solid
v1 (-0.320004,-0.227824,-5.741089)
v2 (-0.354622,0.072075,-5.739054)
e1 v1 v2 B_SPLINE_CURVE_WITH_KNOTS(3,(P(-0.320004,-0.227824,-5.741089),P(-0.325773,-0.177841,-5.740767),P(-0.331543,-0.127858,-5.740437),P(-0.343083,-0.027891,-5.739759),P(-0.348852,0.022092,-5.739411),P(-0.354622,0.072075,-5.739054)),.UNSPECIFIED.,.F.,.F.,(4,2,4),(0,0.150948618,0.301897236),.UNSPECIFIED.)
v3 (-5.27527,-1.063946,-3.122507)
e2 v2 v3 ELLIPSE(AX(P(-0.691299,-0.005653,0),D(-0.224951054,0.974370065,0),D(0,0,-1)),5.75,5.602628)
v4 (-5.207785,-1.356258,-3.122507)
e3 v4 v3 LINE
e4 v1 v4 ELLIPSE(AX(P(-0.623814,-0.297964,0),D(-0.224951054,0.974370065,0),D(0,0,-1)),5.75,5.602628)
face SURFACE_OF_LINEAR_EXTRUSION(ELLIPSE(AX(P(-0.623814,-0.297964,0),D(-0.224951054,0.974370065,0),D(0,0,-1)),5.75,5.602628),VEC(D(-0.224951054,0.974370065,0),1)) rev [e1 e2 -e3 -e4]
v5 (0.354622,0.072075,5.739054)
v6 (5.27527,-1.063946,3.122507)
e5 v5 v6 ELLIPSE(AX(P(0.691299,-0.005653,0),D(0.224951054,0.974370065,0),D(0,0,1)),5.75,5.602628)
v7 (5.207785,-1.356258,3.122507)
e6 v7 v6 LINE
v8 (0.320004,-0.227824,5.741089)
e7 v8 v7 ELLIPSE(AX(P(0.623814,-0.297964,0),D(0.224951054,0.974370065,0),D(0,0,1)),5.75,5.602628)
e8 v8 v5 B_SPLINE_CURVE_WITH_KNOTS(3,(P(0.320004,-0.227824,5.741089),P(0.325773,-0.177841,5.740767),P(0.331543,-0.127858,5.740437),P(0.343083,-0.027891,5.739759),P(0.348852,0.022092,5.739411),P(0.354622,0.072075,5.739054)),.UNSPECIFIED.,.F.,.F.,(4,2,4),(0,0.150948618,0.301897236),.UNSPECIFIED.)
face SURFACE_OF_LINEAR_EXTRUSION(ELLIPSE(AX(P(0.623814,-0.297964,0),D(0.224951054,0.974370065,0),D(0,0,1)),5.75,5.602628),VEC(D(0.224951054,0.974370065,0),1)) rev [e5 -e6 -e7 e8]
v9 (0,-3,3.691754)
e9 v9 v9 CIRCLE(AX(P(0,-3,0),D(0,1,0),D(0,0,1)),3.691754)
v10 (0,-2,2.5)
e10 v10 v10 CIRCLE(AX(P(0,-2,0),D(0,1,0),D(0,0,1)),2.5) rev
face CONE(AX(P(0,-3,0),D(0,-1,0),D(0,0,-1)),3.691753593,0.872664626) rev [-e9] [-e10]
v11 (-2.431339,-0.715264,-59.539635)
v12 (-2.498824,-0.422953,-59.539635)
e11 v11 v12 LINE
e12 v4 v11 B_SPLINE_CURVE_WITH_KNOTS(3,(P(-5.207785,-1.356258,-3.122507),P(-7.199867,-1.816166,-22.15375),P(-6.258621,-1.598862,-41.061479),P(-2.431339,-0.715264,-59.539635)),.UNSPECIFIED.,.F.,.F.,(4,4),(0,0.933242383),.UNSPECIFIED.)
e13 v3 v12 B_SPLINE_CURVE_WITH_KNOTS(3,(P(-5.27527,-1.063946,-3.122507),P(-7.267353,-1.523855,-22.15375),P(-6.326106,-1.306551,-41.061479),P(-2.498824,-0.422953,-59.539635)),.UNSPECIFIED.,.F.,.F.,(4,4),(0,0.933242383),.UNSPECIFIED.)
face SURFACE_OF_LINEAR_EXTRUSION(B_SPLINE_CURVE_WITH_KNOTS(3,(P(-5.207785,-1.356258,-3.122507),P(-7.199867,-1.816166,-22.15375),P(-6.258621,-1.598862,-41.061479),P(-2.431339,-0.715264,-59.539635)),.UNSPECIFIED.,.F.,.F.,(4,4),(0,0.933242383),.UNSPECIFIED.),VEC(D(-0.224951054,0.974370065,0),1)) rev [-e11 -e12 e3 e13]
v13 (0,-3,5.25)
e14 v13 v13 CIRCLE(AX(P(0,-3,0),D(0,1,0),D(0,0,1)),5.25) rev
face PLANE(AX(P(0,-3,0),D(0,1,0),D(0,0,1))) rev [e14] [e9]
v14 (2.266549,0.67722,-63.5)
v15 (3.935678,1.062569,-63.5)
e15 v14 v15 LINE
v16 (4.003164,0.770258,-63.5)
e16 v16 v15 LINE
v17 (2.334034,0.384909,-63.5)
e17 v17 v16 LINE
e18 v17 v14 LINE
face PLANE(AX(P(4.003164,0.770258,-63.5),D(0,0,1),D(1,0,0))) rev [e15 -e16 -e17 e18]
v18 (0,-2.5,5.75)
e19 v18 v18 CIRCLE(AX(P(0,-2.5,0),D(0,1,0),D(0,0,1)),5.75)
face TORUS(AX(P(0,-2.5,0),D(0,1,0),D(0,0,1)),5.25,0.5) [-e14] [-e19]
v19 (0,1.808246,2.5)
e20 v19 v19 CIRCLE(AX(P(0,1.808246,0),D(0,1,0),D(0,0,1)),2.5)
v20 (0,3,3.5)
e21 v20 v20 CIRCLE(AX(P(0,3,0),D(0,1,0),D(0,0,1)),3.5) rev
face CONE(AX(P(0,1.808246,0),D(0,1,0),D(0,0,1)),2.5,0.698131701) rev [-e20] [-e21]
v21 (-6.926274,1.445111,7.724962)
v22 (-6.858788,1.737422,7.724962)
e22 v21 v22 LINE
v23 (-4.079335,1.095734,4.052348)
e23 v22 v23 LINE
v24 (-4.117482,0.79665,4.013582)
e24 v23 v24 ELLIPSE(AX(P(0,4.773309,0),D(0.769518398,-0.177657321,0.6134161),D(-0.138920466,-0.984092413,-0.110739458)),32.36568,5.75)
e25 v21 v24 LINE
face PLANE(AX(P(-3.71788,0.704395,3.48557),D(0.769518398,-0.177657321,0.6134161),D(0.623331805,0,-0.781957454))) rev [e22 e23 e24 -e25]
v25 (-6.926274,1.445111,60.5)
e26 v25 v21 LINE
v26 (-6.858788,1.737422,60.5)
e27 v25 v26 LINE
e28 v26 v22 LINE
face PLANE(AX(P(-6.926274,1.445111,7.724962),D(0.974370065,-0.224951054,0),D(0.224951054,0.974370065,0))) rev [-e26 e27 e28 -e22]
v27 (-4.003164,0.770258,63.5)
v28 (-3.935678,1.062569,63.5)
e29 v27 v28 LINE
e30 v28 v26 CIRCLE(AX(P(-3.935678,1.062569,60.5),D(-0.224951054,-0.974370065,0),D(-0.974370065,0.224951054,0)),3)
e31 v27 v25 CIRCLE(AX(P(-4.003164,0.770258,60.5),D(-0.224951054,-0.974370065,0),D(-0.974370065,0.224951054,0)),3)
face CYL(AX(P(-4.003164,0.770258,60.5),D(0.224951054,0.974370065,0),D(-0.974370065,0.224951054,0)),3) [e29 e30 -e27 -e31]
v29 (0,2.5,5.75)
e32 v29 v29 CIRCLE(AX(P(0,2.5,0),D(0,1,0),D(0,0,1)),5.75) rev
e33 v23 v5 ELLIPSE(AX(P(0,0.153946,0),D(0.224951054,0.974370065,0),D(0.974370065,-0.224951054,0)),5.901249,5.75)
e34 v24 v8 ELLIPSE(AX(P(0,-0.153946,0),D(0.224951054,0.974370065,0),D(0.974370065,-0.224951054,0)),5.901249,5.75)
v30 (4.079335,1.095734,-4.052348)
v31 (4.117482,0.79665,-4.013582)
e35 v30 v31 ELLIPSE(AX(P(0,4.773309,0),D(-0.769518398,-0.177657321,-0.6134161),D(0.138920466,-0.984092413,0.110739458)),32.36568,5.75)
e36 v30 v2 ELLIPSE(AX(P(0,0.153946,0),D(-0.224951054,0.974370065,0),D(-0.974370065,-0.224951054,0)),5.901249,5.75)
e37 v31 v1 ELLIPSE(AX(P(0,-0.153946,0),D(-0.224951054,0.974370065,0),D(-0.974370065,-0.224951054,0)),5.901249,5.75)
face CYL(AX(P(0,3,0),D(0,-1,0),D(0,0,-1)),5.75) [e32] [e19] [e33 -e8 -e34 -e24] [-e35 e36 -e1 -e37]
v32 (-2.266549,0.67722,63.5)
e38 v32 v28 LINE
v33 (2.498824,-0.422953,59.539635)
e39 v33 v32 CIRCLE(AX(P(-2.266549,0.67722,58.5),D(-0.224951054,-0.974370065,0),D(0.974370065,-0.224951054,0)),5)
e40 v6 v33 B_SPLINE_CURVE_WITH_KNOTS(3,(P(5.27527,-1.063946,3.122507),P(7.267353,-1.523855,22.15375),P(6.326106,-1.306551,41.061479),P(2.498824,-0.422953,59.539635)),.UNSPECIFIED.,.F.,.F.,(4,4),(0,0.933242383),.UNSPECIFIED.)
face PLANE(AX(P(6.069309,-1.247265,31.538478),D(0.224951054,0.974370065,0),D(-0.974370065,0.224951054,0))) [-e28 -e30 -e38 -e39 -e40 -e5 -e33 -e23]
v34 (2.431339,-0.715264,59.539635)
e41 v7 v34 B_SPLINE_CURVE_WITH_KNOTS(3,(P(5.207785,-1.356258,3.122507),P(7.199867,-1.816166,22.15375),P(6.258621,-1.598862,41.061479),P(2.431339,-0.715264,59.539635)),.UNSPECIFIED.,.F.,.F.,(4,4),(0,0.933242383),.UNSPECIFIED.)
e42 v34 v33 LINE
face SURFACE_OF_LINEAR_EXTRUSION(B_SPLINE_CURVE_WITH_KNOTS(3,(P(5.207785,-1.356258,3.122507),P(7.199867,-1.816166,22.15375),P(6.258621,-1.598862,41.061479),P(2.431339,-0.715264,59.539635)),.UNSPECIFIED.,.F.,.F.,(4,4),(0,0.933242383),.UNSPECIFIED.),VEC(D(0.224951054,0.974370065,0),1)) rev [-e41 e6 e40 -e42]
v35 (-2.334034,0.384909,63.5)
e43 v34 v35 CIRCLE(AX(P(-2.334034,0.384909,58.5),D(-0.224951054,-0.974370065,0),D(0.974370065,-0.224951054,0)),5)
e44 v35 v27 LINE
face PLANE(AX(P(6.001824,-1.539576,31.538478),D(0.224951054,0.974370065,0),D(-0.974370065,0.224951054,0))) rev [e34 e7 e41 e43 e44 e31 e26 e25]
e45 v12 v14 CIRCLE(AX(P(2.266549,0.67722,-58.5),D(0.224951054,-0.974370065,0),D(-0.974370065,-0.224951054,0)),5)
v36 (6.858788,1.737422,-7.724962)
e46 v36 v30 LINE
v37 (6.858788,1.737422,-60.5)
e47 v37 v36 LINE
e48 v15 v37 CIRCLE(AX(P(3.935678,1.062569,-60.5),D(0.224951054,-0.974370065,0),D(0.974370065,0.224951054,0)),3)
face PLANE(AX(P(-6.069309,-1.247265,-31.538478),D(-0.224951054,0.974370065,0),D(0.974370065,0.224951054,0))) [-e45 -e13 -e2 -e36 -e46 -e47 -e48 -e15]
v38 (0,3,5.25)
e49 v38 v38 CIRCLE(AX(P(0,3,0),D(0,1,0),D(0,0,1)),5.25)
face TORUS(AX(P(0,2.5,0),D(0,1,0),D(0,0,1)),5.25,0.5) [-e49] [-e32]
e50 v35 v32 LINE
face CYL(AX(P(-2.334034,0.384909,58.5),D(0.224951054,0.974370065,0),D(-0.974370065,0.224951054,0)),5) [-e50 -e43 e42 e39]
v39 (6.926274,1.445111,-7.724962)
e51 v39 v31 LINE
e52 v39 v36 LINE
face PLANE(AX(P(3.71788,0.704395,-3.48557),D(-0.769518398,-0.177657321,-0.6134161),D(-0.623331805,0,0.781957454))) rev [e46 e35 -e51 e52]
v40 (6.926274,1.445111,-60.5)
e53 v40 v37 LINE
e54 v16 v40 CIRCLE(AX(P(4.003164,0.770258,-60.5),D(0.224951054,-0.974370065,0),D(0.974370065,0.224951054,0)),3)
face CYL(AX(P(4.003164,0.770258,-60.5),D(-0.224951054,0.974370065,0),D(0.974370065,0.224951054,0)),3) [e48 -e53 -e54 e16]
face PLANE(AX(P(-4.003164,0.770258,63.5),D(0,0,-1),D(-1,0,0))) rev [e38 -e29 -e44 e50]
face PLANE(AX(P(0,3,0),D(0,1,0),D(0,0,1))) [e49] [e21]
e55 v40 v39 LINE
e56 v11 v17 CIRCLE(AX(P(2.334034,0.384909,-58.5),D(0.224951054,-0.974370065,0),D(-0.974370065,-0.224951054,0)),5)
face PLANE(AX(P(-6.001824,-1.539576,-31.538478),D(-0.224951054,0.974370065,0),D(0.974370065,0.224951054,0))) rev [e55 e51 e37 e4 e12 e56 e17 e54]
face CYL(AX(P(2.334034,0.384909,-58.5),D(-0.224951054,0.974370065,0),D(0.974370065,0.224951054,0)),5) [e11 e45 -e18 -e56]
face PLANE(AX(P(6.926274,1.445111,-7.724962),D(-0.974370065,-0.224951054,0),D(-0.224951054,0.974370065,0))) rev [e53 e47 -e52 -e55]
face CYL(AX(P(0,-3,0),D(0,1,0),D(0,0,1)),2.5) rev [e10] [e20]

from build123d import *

# Parameters (mm, degrees)
SKETCH1_R             = 5.75
BOSS_EXTRUDE1_DEPTH   = 3
BOSS_EXTRUDE2_DEPTH   = 0.15
CIRPATTERN1_COUNT     = 2
SKETCH4_R             = 2.5
CUT_EXTRUDE1_DEPTH    = 7.0000001
FILLET1_R             = 0.5
CHAMFER1_SIZE         = 1
CHAMFER1_SIZE2        = 1.191753593
CHAMFER1_PART_2_SIZE  = 1
CHAMFER1_PART_2_SIZE2 = 1.191753593


with BuildPart() as part:
    # Sketch1 → Boss-Extrude1 (new body, symmetric)
    with BuildSketch(Plane(origin=(0, 0, 0), x_dir=(1, 0, 0), z_dir=(0, 1, 0))):
        Circle(SKETCH1_R)
    extrude(amount=BOSS_EXTRUDE1_DEPTH, both=True)

    # Sketch3 → Boss-Extrude2 (add, symmetric)
    with BuildSketch(Plane(origin=(0, 0, 0), x_dir=(0.974370065, -0.224951054, 0), z_dir=(-0.224951054, -0.974370065, 0))):
        with BuildLine():
            Line((-3.7810451, 3.485569564), (-7.073832927, 7.724962303))
            Line((-7.073832927, 7.724962303), (-7.073832927, 60.5))
            ThreePointArc((-7.073832927, 60.5), (-6.19515327, 62.621320344), (-4.073832927, 63.5))
            Line((-4.073832927, 63.5), (-2.360798549, 63.5))
            ThreePointArc((-2.360798549, 63.5), (0.785773005, 62.385754426), (2.529923187, 59.539634982))
            add(Edge.make_bspline(
                [(5.379401291, 3.122506591), (7.423883814, 22.153749757), (6.457878795, 41.061478518), (2.529923187, 59.539634982)],
                knots=[0, 0, 0, 0, 0.933242383, 0.933242383, 0.933242383, 0.933242383], degree=3))
            add(Edge.make_bspline(
                [(5.379401291, 3.122506591), (1.050826141, 9.991793378), (-3.7810451, 3.485569564)],
                knots=[5.286447688, 5.286447688, 5.286447688, 7.20272538, 7.20272538, 7.20272538], degree=2, weights=[1, 0.575043633, 1]))
        make_face()
    boss_extrude2 = extrude(amount=BOSS_EXTRUDE2_DEPTH, both=True)

    # CirPattern1: Boss-Extrude2 ×2 about axis
    cirpattern1_axis = Axis((0, 3, 0), (0, -1, 0))
    for i in range(1, CIRPATTERN1_COUNT):
        add(boss_extrude2.rotate(cirpattern1_axis, i * 360 / CIRPATTERN1_COUNT))

    # Sketch4 → Cut-Extrude1 (cut, through all)
    with BuildSketch(Plane(origin=(0, 3, 0), x_dir=(1, 0, 0), z_dir=(0, 1, 0))):
        Circle(SKETCH4_R)
    extrude(amount=-CUT_EXTRUDE1_DEPTH, mode=Mode.SUBTRACT)

    # Fillet1
    fillet1_edges = [part.edges().sort_by_distance(p)[0] for p in [
        (-5.75, -3, 0),
        (-5.75, 3, 0),
    ]]
    fillet(fillet1_edges, radius=FILLET1_R)

    # Chamfer1
    chamfer1_edges = [part.edges().sort_by_distance(p)[0] for p in [
        (-2.5, -3, 0),
    ]]
    chamfer1_side = [part.faces().sort_by_distance(p)[0] for p in [
        (-2.5, 0, 0),
    ]]
    chamfer(chamfer1_edges, length=CHAMFER1_SIZE, length2=CHAMFER1_SIZE2, reference=chamfer1_side[0])

    # Chamfer1 part 2
    chamfer1_part_2_edges = [part.edges().sort_by_distance(p)[0] for p in [
        (-2.5, 3, 0),
    ]]
    chamfer1_part_2_side = [part.faces().sort_by_distance(p)[0] for p in [
        (-5.101507576, 3, 0),
    ]]
    chamfer(chamfer1_part_2_edges, length=CHAMFER1_PART_2_SIZE, length2=CHAMFER1_PART_2_SIZE2, reference=chamfer1_part_2_side[0])


solid = part.part
